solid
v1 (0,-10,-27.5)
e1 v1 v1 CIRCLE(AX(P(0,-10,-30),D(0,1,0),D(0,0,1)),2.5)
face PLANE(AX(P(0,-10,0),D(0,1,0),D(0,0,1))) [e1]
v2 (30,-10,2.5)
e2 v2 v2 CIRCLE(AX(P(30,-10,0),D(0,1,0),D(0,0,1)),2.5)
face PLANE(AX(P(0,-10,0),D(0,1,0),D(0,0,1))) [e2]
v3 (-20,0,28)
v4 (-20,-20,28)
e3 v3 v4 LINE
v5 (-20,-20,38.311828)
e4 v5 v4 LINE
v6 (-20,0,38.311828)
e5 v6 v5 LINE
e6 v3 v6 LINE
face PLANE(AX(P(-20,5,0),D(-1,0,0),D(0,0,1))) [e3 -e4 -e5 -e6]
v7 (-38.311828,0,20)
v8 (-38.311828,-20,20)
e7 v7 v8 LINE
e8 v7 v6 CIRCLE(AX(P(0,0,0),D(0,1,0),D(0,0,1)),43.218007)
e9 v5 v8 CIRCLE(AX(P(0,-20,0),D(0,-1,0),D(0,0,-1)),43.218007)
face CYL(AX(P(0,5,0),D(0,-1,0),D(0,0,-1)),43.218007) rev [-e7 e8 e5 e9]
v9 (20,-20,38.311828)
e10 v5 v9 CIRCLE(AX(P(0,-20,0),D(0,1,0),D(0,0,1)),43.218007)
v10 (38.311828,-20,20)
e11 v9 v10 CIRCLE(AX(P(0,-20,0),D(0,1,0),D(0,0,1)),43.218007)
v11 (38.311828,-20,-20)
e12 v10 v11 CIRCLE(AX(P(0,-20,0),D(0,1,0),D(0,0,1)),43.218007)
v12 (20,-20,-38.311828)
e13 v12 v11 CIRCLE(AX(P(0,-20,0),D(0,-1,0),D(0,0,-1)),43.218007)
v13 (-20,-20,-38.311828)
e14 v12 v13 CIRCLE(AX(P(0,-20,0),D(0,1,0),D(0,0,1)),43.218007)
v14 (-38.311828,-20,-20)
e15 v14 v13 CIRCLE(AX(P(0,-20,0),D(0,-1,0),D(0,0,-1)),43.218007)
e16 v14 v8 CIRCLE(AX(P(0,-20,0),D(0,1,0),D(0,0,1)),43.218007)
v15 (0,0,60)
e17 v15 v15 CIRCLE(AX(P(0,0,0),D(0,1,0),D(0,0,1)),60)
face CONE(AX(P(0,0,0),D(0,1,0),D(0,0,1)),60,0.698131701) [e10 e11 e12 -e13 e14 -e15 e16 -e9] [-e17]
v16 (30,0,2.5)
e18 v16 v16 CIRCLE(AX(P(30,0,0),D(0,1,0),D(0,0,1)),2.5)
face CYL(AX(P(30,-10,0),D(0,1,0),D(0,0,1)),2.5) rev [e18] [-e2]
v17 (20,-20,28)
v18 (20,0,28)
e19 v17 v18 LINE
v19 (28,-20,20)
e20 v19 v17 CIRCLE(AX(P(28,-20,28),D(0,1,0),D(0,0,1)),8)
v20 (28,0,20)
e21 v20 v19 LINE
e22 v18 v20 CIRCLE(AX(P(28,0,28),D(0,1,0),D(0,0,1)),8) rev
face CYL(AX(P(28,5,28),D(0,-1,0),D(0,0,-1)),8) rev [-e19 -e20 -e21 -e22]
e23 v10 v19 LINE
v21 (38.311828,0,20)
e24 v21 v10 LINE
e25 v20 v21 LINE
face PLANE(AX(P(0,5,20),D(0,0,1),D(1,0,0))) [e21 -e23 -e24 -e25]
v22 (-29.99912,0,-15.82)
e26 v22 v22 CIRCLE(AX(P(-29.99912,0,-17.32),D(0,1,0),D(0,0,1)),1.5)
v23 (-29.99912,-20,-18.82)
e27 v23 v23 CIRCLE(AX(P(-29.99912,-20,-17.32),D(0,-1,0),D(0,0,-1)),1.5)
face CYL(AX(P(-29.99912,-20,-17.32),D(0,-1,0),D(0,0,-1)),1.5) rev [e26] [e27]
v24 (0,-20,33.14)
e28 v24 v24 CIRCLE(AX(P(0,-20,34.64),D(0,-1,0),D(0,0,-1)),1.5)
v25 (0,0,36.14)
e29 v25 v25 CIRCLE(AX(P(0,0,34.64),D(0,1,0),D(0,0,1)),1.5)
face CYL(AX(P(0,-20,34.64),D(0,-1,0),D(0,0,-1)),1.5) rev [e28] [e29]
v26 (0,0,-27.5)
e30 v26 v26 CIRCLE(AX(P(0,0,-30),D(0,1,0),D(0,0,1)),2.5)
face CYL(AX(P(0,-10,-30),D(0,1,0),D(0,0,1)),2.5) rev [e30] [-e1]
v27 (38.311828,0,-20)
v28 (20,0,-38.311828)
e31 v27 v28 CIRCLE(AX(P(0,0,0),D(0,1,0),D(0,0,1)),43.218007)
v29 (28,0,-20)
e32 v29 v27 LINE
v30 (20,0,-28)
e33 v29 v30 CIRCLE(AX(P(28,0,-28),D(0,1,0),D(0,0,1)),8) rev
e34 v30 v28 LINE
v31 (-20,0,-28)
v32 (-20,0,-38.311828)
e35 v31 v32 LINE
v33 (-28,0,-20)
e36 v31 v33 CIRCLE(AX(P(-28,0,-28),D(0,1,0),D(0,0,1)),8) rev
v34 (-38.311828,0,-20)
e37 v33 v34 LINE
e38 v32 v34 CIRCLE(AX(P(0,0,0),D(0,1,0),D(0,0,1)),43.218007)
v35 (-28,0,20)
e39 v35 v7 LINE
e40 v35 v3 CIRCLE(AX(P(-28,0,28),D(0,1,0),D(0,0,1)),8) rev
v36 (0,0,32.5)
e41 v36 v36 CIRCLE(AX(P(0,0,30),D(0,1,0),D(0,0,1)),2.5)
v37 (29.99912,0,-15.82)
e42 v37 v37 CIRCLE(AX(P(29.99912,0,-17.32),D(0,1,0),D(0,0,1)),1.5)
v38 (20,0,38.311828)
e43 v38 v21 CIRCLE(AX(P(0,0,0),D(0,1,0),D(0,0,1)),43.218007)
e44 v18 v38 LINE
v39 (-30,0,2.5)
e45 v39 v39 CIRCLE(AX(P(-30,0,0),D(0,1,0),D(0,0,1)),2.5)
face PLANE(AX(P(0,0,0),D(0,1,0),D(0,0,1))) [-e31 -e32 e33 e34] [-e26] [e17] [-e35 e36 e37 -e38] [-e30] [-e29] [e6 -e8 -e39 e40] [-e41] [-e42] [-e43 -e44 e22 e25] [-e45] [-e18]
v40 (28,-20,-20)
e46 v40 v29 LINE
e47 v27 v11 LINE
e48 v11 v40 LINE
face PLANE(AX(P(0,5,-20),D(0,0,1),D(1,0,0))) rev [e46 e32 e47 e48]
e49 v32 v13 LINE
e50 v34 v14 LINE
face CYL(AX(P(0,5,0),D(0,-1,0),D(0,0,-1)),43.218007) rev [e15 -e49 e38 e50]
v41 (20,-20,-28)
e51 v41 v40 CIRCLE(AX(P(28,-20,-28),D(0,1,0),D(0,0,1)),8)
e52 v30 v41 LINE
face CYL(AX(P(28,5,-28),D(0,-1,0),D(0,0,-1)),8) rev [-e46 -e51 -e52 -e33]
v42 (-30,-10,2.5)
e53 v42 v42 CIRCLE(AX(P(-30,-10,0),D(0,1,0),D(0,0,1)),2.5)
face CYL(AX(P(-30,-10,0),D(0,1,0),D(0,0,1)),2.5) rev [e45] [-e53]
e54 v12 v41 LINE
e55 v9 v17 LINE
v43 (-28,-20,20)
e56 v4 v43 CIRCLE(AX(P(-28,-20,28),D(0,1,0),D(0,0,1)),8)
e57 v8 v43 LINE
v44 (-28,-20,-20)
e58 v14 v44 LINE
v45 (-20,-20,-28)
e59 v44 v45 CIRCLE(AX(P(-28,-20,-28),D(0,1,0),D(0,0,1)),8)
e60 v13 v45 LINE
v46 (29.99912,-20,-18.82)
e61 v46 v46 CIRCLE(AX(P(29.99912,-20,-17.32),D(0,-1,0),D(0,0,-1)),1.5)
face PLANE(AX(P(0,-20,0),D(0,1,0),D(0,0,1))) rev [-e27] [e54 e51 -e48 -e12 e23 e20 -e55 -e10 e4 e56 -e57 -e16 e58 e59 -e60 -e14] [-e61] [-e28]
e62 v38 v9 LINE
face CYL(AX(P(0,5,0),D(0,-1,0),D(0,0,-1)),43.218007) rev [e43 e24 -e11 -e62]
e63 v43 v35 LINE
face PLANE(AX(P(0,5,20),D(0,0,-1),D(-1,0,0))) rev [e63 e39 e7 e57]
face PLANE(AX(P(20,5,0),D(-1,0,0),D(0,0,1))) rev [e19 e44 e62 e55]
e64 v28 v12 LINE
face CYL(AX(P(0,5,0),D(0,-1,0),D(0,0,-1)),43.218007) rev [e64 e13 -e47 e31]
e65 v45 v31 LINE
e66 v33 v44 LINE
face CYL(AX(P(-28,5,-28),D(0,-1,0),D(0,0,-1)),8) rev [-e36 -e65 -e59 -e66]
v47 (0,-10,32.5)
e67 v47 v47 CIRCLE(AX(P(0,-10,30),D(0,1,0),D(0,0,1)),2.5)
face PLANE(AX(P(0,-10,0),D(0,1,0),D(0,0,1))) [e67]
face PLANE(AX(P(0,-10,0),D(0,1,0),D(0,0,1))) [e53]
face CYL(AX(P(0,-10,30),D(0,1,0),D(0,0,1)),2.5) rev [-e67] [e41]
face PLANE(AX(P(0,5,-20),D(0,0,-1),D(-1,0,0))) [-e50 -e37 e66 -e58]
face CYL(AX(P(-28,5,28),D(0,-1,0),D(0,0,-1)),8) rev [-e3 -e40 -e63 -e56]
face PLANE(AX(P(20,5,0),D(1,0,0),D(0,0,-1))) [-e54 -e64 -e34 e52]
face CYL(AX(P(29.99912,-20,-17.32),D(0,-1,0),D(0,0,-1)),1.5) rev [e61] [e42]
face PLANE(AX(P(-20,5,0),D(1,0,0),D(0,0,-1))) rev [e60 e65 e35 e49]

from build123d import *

# Parameters (mm, degrees)
SKETCH1_R             = 60
BOSS_EXTRUDE1_DEPTH   = 20
BOSS_EXTRUDE1_DRAFT   = -40
CUT_EXTRUDE1_DEPTH    = 25
F_3_0MM_DOWEL_HOLE1_D = 3
FILLET1_R             = 8
SKETCH13_R            = 2.5
CUT_EXTRUDE5_DEPTH    = 10


with BuildPart() as part:
    # Sketch1 → Boss-Extrude1 (with draft: the straight prism first)
    with BuildSketch(Plane(origin=(0, 0, 0), x_dir=(1, 0, 0), z_dir=(0, 1, 0))):
        Circle(SKETCH1_R)
    extrude(amount=-BOSS_EXTRUDE1_DEPTH)
    # Boss-Extrude1: the draft: its side faces are tilted about the plane it starts from
    boss_extrude1_sides = [part.faces().sort_by_distance(p)[0] for p in [
        (-60, -10, 0),
    ]]
    draft(boss_extrude1_sides, Plane(origin=(0, 0, 0), x_dir=(1, 0, 0), z_dir=(0, 1, 0)), BOSS_EXTRUDE1_DRAFT)

    # Sketch5 → Cut-Extrude1 (cut)
    with BuildSketch(Plane.XZ.offset(20)):
        with BuildLine():
            Line((-20, 20), (-20, 38.311827959))
            ThreePointArc((-20, 38.311827959), (-30.559746085, 30.559746085), (-38.311827959, 20))
            Line((-38.311827959, 20), (-20, 20))
        make_face()
        with BuildLine():
            ThreePointArc((38.311827959, 20), (30.559746085, 30.559746085), (20, 38.311827959))
            Line((20, 38.311827959), (20, 20))
            Line((20, 20), (38.311827959, 20))
        make_face()
        with BuildLine():
            Line((-20, -20), (-38.311827959, -20))
            ThreePointArc((-38.311827959, -20), (-30.559746085, -30.559746085), (-20, -38.311827959))
            Line((-20, -38.311827959), (-20, -20))
        make_face()
        with BuildLine():
            ThreePointArc((20, -38.311827959), (30.559746085, -30.559746085), (38.311827959, -20))
            Line((38.311827959, -20), (20, -20))
            Line((20, -20), (20, -38.311827959))
        make_face()
    extrude(amount=-CUT_EXTRUDE1_DEPTH, mode=Mode.SUBTRACT)

    # Ø3.0mm Dowel Hole1 (through all)
    with Locations(Plane(origin=(0, -20, 0), x_dir=(-1, 0, 0), z_dir=(0, -1, 0))):
        with Locations((0, -34.64), (-29.999119987, 17.32), (29.999119987, 17.32)):
            Hole(F_3_0MM_DOWEL_HOLE1_D / 2)

    # Fillet1
    fillet1_edges = [part.edges().sort_by_distance(p)[0] for p in [
        (-20, -10, -20),
        (20, -10, -20),
        (20, -10, 20),
        (-20, -10, 20),
    ]]
    fillet(fillet1_edges, radius=FILLET1_R)

    # Sketch13 → Cut-Extrude5 (cut)
    with BuildSketch(Plane(origin=(0, 0, 0), x_dir=(1, 0, 0), z_dir=(0, 1, 0))):
        with Locations(Location((0, 30, 0), (0, 0, 270))):
            Circle(SKETCH13_R)
        with Locations(Location((30, 0, 0), (0, 0, 270))):
            Circle(SKETCH13_R)
        with Locations(Location((0, -30, 0), (0, 0, 270))):
            Circle(SKETCH13_R)
        with Locations(Location((-30, 0, 0), (0, 0, 270))):
            Circle(SKETCH13_R)
    extrude(amount=-CUT_EXTRUDE5_DEPTH, mode=Mode.SUBTRACT)


solid = part.part
